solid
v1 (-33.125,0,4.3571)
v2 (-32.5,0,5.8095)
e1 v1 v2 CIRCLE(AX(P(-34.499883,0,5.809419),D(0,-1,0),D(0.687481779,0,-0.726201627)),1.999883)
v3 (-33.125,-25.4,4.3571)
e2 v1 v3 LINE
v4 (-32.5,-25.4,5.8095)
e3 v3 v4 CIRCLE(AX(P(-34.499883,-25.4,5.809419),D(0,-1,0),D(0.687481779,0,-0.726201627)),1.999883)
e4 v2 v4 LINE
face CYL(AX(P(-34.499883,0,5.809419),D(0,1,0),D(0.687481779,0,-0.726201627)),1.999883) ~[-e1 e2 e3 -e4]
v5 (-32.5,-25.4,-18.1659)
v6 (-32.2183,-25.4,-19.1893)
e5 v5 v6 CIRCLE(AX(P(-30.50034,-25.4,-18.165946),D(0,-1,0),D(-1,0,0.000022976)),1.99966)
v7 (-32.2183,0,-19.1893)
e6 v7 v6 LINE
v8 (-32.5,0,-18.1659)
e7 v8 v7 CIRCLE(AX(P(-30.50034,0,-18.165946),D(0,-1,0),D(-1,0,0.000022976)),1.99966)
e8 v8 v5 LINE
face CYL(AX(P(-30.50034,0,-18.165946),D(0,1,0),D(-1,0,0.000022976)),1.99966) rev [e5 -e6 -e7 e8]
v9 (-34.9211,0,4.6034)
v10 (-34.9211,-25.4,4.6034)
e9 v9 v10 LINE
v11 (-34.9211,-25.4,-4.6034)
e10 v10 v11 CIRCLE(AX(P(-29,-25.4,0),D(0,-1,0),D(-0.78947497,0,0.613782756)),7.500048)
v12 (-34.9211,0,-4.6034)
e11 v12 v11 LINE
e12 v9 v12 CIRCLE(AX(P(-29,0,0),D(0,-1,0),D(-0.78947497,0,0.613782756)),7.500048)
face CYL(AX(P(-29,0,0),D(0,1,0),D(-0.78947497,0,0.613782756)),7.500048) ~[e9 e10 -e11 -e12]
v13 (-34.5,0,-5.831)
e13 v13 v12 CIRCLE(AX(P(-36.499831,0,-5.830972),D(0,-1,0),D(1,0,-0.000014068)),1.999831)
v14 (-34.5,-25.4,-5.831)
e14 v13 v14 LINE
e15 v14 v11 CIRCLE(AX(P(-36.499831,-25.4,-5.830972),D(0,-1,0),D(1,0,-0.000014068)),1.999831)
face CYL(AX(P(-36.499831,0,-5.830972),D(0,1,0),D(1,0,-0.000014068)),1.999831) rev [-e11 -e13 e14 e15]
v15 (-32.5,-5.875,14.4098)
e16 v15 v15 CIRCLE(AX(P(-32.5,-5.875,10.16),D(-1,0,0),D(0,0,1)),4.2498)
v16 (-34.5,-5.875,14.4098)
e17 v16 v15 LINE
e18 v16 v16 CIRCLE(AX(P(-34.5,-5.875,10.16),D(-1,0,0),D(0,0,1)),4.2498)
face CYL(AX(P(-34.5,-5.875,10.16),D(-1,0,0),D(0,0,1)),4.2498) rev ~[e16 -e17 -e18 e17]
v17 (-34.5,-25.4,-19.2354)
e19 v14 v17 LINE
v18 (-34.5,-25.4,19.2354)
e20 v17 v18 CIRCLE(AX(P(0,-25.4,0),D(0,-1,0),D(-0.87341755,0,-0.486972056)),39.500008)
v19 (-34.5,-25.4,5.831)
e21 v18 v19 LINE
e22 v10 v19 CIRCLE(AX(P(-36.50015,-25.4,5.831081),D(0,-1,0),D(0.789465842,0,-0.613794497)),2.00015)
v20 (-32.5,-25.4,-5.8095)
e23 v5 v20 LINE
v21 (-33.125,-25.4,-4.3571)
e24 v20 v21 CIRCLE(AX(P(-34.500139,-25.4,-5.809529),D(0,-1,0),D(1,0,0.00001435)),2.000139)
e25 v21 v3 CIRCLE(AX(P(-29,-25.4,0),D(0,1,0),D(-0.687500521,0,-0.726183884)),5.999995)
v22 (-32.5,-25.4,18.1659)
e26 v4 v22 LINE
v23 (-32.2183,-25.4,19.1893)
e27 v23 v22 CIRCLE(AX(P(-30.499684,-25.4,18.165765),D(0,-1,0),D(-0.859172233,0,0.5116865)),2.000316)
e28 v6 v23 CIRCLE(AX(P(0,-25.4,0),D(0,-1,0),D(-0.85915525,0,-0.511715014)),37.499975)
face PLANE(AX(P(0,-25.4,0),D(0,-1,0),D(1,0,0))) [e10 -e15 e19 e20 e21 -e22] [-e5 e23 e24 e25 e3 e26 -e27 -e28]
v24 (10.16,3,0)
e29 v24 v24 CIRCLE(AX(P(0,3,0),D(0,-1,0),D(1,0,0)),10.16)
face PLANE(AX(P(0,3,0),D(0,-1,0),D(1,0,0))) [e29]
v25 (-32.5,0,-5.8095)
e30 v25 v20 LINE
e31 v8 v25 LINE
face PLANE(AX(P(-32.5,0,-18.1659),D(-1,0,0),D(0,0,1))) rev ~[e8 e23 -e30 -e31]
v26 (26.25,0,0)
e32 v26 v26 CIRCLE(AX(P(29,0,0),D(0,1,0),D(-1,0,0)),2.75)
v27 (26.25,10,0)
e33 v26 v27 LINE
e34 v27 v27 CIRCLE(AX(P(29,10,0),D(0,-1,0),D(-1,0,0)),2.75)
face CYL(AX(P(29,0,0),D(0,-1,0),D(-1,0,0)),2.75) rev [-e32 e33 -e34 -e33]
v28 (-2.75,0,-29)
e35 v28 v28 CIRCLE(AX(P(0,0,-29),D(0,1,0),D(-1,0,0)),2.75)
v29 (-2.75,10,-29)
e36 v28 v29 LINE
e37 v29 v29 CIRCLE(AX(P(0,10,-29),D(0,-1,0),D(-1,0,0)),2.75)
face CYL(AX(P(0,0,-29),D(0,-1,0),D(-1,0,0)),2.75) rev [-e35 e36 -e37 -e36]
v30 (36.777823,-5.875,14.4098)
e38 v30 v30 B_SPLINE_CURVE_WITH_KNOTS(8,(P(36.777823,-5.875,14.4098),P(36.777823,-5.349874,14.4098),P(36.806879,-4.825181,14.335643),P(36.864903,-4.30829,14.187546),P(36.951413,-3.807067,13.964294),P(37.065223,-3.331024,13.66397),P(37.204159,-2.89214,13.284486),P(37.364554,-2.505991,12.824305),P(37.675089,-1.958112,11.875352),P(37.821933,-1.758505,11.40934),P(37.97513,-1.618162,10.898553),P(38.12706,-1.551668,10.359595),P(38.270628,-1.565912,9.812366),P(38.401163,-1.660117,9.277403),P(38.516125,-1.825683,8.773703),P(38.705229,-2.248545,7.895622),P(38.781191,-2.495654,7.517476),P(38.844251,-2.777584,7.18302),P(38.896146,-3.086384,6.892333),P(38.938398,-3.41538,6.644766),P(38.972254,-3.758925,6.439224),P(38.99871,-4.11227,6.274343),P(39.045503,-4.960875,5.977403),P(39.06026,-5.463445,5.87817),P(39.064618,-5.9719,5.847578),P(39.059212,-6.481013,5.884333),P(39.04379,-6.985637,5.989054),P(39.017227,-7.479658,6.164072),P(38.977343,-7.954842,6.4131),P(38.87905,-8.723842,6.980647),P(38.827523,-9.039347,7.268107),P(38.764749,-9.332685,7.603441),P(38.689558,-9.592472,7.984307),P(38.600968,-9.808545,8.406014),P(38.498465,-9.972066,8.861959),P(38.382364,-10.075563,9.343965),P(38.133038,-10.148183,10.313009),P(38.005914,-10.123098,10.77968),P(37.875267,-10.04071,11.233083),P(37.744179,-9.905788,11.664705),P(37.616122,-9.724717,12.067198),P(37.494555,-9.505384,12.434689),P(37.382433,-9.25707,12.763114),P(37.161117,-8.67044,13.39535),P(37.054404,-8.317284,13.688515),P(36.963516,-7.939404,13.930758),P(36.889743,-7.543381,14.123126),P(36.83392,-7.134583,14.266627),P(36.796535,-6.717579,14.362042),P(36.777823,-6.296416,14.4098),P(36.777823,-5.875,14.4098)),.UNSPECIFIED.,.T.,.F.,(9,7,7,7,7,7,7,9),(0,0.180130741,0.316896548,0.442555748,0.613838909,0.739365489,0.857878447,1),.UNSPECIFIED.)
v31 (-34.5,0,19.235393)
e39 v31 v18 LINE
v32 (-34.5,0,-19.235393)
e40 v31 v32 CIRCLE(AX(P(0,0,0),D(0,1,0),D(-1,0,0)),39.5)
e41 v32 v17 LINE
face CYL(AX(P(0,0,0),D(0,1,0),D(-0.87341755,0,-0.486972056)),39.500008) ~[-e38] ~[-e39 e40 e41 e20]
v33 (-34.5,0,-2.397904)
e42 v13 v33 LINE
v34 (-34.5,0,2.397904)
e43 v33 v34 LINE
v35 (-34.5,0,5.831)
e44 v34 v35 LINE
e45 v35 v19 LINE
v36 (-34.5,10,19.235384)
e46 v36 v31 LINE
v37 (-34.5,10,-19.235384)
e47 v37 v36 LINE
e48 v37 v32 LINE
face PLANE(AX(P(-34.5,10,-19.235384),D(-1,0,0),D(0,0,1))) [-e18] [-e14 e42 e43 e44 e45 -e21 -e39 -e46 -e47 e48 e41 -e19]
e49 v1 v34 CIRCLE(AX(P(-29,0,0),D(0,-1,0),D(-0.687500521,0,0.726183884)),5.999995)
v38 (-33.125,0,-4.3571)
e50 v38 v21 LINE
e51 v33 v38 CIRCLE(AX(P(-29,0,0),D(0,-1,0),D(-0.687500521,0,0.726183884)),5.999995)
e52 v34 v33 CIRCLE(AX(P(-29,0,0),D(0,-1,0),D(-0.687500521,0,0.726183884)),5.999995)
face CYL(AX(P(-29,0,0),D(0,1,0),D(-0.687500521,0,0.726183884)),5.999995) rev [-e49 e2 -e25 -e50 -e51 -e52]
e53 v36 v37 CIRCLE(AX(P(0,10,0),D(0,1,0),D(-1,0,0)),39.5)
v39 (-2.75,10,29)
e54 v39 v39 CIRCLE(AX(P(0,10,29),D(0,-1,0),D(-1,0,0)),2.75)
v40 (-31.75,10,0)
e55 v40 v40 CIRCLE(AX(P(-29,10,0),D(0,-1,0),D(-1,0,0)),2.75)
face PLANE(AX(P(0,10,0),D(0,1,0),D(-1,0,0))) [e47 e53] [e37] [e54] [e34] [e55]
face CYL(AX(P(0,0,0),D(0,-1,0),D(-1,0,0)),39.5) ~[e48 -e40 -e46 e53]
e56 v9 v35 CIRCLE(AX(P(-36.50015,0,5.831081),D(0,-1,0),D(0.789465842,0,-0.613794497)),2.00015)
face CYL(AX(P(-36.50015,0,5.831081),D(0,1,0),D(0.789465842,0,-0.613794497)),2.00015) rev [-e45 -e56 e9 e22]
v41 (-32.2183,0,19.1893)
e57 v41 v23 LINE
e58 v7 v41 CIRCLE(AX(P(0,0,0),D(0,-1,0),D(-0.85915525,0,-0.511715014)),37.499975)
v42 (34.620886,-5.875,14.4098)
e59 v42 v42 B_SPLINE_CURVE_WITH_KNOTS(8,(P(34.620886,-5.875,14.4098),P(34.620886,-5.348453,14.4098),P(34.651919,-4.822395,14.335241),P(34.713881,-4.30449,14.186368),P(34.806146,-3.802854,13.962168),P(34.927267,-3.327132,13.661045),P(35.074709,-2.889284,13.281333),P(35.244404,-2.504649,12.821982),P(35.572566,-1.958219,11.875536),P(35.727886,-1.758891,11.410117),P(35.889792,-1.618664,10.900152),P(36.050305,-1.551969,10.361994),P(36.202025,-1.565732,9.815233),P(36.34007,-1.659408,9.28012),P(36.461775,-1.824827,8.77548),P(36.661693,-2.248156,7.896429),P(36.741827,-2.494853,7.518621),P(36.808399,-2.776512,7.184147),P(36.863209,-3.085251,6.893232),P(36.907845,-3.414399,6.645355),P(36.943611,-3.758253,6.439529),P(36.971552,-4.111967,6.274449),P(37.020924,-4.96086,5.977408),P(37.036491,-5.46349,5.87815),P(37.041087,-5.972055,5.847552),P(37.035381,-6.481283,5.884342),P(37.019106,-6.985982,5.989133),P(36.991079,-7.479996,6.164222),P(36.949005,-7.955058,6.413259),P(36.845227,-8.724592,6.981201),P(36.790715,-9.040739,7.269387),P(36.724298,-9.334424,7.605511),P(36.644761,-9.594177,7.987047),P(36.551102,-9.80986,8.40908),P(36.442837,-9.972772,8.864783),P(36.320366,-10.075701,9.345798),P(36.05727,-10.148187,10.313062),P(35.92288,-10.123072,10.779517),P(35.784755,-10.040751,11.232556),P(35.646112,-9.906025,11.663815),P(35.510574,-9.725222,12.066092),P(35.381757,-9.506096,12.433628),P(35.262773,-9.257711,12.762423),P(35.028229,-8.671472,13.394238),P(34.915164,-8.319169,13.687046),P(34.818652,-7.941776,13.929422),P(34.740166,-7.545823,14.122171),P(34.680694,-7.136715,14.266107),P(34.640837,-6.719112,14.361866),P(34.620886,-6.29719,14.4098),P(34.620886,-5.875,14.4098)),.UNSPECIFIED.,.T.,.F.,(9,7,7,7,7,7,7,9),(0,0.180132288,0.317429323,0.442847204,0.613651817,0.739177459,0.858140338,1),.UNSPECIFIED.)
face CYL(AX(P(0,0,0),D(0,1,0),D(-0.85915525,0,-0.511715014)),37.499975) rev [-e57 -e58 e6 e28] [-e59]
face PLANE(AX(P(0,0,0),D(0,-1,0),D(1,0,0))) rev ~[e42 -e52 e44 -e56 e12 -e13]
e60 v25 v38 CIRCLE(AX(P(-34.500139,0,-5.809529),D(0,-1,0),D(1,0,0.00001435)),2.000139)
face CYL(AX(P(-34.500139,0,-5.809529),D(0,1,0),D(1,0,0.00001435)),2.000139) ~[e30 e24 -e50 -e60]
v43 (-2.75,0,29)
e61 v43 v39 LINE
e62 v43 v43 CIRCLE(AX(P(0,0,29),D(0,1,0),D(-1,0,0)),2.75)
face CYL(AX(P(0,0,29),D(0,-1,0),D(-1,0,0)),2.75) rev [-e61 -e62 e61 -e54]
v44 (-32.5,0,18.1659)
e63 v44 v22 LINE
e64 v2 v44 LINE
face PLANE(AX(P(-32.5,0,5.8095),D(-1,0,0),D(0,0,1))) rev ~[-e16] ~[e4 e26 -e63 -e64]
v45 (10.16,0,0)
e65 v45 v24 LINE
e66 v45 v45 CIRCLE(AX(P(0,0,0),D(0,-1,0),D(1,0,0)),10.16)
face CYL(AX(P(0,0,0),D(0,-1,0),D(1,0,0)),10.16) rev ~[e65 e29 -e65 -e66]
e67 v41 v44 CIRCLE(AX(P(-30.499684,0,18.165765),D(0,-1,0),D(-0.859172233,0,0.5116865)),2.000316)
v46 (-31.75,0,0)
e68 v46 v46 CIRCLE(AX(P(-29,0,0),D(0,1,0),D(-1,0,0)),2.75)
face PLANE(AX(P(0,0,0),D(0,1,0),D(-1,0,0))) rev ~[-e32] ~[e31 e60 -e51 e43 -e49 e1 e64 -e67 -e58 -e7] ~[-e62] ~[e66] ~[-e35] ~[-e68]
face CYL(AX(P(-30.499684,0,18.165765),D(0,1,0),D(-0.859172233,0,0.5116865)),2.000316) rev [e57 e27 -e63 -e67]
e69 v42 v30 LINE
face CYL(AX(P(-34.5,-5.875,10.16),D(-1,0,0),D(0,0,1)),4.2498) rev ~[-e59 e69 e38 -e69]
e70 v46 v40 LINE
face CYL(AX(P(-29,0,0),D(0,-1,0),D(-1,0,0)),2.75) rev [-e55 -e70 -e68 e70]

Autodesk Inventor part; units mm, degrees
ref_plane "YZ Plane" through (0, 0, 0) normal (1, 0, 0) x (0, 1, 0)
ref_plane "XZ Plane" through (0, 0, 0) normal (0, 1, 0) x (-1, 0, 0)
ref_plane "XY Plane" through (0, 0, 0) normal (0, 0, 1) x (1, 0, 0)
sketch "Sketch1" plane through (0, 0, 0) normal (0, 1, 0) x (-1, 0, 0)
  circle A0 centre (0, 0) radius 39.5
  circle A1 centre (0, 0) radius 10
  circle A2 centre (0, 0) radius 29
  circle A3 centre (29, 0) radius 2.75
  circle A4 centre (0, 29) radius 2.75
  circle A5 centre (-29, 0) radius 2.75
  circle A6 centre (0, -29) radius 2.75
  dimension "d2" = 58
  dimension "d0" = 79
  dimension "d1" = 20
  dimension "d3" = 5.5
  dimension "d6" = 360
extrude "Extrusion1" add sketch "Sketch1" along normal blind 10 contours A0 | A1 | A3 A2 A6 A5 A4
sketch "Sketch3" plane through (0, 10, 0) normal (0, 1, 0) x (1, 0, 0)
  line L0 (-34.5, 50.157) -> (-34.5, -49.8555)
  circle A0 centre (0, 0) radius 39.5 projected
  point P0 (-34.5, -19.2354)
  point P1 (-34.5, 19.2354)
  dimension "d18" = 5
extrude "Extrusion3" cut sketch "Sketch3" along normal through all both and the other way through all contours L0 A0 picked at (-35.5583, 3.956)
sketch "Sketch4" plane through (0, 0, 0) normal (0, -1, 0) x (1, 0, 0)
  circle A0 centre (0, 0) radius 10.16
  dimension "d21" = 20.32
extrude "Extrusion4" cut sketch "Sketch4" against normal blind 3
sketch "Sketch5" plane through (0, 0, 0) normal (0, -1, 0) x (1, 0, 0)
  arc A0 (-34.5, -19.2354) -> (-34.5, 19.2354) centre (0, 0) ccw
  line L0 (-34.5, 19.2354) -> (-34.5, -19.2354) projected
  arc A1 (-32.2183, -19.1893) -> (-32.2183, 19.1893) centre (0, 0) ccw
  circle A2 centre (-29, 0) radius 2.75 projected
  arc A3 (-34.9211, 4.6034) -> (-34.9211, -4.6034) centre (-29, 0) ccw
  arc A4 (-33.125, 4.3571) -> (-33.125, -4.3571) centre (-29, 0) ccw
  line L1 (-32.5, -18.1659) -> (-32.5, -5.8095)
  line L2 (-32.5, 5.8095) -> (-32.5, 18.1659)
  line L3 (-34.5, 19.2354) -> (-34.5, 5.831)
  line L4 (-34.5, -5.831) -> (-34.5, -19.2354)
  arc A5 (-32.2183, 19.1893) -> (-32.5, 18.1659) centre (-30.5, 18.1659) ccw
  arc A6 (-32.5, -18.1659) -> (-32.2183, -19.1893) centre (-30.5, -18.1659) ccw
  arc A7 (-33.125, 4.3571) -> (-32.5, 5.8095) centre (-34.5, 5.8095) ccw
  arc A8 (-32.5, -5.8095) -> (-33.125, -4.3571) centre (-34.5, -5.8095) ccw
  arc A9 (-34.5, -5.831) -> (-34.9211, -4.6034) centre (-36.5, -5.831) ccw
  arc A10 (-34.9211, 4.6034) -> (-34.5, 5.831) centre (-36.5, 5.831) ccw
  point P0 (-32.5, 18.7083)
  point P1 (-32.5, -18.7083)
  point P2 (-32.5, -4.8734)
  point P3 (-32.5, 4.8734)
  point P4 (-34.5, -5.099)
  point P5 (-34.5, 5.099)
  point P6 (-34.5, 5.831)
  point P7 (-34.5, -5.831)
  dimension "d24" = 2
  dimension "d25" = 1.5
  dimension "d26" = 2
  dimension "d27" = 2
  dimension "d32" = 7.5
extrude "Extrusion5" add sketch "Sketch5" along normal blind 25.4 contours L0 A4 A8 L1 A6 A1 A5 L2 A7 A0 | A9 A3 A10 L0 A4
sketch "Sketch6" plane through (-34.5, 10, -19.2354) normal (-1, 0, 0) x (0, 0, 1)
  circle A0 centre (29.3954, -15.875) radius 4.2498
  point P0 (19.2354, -10)
extrude "Extrusion6" cut sketch "Sketch6" against normal through all
properties part number "PZT cell"
